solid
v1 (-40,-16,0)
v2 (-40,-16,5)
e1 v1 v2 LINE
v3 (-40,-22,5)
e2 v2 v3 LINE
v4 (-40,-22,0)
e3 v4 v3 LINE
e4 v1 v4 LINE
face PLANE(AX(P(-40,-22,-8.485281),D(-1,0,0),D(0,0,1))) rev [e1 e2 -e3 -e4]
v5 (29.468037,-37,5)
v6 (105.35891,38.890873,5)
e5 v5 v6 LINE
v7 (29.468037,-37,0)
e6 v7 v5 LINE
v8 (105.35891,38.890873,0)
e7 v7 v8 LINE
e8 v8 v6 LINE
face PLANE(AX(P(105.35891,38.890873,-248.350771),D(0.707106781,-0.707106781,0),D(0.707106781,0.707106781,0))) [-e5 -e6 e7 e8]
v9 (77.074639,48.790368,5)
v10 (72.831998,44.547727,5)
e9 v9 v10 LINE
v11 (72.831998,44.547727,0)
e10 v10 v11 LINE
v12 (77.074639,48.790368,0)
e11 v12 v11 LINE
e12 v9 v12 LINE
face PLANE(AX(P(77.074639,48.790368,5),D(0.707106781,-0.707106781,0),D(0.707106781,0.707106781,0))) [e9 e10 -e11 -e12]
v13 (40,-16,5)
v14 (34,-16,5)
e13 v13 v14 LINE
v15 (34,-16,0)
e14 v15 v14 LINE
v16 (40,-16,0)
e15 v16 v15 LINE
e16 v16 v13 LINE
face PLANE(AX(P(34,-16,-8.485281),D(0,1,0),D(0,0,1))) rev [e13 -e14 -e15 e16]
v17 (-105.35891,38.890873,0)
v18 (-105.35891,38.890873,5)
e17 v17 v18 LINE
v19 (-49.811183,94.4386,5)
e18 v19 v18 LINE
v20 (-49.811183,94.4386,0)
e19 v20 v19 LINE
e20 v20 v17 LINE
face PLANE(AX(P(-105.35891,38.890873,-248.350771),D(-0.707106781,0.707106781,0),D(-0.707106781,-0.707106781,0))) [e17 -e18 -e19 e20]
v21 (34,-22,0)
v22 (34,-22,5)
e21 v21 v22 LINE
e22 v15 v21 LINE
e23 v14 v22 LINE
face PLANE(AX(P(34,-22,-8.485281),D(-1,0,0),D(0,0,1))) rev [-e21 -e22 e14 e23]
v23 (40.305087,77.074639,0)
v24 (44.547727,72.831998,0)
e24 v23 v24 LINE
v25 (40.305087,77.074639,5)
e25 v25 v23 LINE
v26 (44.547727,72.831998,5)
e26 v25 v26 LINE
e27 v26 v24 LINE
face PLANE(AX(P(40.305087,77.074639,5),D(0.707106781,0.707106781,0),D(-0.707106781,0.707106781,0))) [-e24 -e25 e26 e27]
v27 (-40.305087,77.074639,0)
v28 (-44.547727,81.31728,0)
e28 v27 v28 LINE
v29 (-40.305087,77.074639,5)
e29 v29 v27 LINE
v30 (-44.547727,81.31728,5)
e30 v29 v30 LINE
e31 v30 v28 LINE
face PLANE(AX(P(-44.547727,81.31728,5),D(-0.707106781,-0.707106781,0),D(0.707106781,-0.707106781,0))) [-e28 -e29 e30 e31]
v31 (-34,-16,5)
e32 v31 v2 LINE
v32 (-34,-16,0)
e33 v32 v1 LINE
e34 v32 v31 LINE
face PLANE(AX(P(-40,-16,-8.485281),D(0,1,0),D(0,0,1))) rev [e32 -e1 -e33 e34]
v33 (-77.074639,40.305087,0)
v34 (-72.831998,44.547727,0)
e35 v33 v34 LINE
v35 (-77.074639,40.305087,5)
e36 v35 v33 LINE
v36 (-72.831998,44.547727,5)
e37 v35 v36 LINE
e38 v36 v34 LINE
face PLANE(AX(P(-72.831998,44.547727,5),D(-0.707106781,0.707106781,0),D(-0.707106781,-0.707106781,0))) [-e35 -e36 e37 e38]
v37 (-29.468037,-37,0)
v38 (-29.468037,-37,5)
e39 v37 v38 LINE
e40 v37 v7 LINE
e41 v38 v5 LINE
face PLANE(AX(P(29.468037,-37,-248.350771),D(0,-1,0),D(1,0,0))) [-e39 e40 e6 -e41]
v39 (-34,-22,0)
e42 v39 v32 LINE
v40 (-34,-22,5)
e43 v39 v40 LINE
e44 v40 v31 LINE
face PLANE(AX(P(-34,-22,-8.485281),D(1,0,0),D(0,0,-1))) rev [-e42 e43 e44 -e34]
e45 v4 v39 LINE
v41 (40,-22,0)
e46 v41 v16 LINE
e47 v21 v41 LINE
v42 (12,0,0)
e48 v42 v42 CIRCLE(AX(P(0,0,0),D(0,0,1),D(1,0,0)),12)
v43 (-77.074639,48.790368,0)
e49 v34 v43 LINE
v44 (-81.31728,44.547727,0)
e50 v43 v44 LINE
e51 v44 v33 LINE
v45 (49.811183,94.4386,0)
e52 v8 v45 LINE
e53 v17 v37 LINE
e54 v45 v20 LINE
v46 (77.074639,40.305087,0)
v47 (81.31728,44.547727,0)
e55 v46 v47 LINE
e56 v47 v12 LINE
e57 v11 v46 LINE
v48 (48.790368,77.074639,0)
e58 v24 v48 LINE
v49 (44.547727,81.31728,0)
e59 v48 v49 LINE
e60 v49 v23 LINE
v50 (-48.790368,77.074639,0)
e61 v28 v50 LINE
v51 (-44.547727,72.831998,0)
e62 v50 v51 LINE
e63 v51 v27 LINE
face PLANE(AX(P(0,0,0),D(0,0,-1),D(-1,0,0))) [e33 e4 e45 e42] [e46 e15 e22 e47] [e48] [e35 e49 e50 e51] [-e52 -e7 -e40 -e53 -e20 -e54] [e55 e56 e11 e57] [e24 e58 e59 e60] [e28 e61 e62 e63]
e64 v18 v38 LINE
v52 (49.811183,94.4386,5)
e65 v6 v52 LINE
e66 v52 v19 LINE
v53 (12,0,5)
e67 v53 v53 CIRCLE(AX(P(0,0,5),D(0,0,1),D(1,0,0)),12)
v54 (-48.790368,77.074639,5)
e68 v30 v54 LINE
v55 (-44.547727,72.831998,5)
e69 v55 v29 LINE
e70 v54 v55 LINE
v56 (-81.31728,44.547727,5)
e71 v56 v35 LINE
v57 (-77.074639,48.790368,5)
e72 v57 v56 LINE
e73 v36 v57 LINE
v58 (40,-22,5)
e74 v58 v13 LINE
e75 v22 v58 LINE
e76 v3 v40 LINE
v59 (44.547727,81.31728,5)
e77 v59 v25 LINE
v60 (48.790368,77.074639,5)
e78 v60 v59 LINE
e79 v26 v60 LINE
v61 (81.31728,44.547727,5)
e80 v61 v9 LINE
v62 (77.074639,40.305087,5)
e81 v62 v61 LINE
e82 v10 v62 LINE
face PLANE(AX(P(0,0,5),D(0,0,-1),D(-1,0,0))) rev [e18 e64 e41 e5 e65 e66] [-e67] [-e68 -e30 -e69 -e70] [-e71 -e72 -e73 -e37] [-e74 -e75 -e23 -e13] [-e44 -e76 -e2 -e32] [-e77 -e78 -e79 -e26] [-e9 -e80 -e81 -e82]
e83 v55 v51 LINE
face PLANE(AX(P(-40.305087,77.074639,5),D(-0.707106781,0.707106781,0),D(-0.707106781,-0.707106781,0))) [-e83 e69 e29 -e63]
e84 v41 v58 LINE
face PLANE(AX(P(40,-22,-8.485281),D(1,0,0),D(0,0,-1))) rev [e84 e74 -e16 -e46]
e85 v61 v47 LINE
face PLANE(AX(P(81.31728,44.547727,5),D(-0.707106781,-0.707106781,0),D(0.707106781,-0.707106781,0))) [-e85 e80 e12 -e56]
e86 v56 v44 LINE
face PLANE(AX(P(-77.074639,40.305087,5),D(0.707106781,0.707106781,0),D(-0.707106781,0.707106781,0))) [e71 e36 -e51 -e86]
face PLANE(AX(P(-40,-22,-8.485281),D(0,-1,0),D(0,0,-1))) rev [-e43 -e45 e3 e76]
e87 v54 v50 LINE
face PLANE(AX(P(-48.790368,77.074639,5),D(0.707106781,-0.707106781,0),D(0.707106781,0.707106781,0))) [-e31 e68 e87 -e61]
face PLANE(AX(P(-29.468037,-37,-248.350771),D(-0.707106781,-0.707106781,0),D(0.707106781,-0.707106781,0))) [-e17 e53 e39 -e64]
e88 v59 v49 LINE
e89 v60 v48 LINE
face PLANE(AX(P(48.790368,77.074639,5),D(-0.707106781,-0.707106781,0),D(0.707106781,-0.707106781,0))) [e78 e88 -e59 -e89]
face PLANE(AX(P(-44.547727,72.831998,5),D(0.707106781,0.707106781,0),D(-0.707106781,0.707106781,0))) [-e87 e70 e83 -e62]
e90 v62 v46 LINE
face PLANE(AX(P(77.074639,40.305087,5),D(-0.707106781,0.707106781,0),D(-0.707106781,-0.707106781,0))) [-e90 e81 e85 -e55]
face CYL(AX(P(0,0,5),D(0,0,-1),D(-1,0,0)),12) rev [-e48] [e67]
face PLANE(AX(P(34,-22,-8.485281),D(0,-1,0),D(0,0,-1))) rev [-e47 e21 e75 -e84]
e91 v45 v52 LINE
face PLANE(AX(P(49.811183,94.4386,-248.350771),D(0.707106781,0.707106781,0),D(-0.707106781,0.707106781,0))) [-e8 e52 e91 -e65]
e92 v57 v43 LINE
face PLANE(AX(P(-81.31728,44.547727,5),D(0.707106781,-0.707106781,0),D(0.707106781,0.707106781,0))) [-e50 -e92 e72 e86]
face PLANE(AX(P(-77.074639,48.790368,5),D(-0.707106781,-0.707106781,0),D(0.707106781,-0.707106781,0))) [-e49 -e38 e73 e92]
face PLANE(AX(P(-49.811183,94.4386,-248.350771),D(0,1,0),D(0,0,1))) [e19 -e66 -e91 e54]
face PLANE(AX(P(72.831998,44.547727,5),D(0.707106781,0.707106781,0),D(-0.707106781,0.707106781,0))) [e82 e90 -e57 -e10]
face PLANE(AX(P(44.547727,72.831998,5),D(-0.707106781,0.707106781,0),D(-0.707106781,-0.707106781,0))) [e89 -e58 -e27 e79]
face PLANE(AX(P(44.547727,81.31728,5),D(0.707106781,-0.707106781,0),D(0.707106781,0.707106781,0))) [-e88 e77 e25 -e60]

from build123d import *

# Parameters (mm, degrees)
SKETCH3_R           = 12
BOSS_EXTRUDE1_DEPTH = 5
BOSS_EXTRUDE2_DEPTH = 5
SKETCH6_W           = 6
SKETCH6_H           = 6
CUT_EXTRUDE1_DEPTH  = 5


with BuildPart() as part:
    # Sketch3 → Boss-Extrude1 (new body)
    with BuildSketch(Plane.XY):
        Polygon((-77.781745931, 49.497474683), (-49.497474683, 77.781745931), (-43.840620434, 83.43860018), (43.840620434, 83.43860018), (49.497474683, 77.781745931), (77.781745931, 49.497474683), (88.388347648, 38.890872965), (27.497474683, -22), (-27.497474683, -22), (-88.388347648, 38.890872965), align=None)
        Circle(SKETCH3_R, mode=Mode.SUBTRACT)
        Polygon((-81.317279836, 44.547727215), (-77.074639149, 48.790367902), (-72.831998462, 44.547727215), (-77.074639149, 40.305086528), align=None, mode=Mode.SUBTRACT)
        Polygon((-48.790367902, 77.074639149), (-44.547727215, 81.317279836), (-40.305086528, 77.074639149), (-44.547727215, 72.831998462), align=None, mode=Mode.SUBTRACT)
        Polygon((40.305086528, 77.074639149), (44.547727215, 72.831998462), (48.790367902, 77.074639149), (44.547727215, 81.317279836), align=None, mode=Mode.SUBTRACT)
        Polygon((72.831998462, 44.547727215), (77.074639149, 40.305086528), (81.317279836, 44.547727215), (77.074639149, 48.790367902), align=None, mode=Mode.SUBTRACT)
    extrude(amount=BOSS_EXTRUDE1_DEPTH)

    # Sketch5 → Boss-Extrude2 (add)
    with BuildSketch(Plane.XY.offset(5)):
        Polygon((-105.358910397, 38.890872965), (-49.811183182, 94.43860018), (49.811183182, 94.43860018), (105.358910397, 38.890872965), (29.468037432, -37), (-29.468037432, -37), align=None)
        Polygon((-43.840620434, 83.43860018), (-88.388347648, 38.890872965), (-27.497474683, -22), (27.497474683, -22), (88.388347648, 38.890872965), (43.840620434, 83.43860018), align=None, mode=Mode.SUBTRACT)
    extrude(amount=-BOSS_EXTRUDE2_DEPTH)

    # Sketch6 → Cut-Extrude1 (cut)
    with BuildSketch(Plane.XY.offset(5)):
        with Locations((-37, -19)):
            Rectangle(SKETCH6_W, SKETCH6_H)
        with Locations((37, -19)):
            Rectangle(SKETCH6_W, SKETCH6_H)
    extrude(amount=-CUT_EXTRUDE1_DEPTH, mode=Mode.SUBTRACT)


solid = part.part
